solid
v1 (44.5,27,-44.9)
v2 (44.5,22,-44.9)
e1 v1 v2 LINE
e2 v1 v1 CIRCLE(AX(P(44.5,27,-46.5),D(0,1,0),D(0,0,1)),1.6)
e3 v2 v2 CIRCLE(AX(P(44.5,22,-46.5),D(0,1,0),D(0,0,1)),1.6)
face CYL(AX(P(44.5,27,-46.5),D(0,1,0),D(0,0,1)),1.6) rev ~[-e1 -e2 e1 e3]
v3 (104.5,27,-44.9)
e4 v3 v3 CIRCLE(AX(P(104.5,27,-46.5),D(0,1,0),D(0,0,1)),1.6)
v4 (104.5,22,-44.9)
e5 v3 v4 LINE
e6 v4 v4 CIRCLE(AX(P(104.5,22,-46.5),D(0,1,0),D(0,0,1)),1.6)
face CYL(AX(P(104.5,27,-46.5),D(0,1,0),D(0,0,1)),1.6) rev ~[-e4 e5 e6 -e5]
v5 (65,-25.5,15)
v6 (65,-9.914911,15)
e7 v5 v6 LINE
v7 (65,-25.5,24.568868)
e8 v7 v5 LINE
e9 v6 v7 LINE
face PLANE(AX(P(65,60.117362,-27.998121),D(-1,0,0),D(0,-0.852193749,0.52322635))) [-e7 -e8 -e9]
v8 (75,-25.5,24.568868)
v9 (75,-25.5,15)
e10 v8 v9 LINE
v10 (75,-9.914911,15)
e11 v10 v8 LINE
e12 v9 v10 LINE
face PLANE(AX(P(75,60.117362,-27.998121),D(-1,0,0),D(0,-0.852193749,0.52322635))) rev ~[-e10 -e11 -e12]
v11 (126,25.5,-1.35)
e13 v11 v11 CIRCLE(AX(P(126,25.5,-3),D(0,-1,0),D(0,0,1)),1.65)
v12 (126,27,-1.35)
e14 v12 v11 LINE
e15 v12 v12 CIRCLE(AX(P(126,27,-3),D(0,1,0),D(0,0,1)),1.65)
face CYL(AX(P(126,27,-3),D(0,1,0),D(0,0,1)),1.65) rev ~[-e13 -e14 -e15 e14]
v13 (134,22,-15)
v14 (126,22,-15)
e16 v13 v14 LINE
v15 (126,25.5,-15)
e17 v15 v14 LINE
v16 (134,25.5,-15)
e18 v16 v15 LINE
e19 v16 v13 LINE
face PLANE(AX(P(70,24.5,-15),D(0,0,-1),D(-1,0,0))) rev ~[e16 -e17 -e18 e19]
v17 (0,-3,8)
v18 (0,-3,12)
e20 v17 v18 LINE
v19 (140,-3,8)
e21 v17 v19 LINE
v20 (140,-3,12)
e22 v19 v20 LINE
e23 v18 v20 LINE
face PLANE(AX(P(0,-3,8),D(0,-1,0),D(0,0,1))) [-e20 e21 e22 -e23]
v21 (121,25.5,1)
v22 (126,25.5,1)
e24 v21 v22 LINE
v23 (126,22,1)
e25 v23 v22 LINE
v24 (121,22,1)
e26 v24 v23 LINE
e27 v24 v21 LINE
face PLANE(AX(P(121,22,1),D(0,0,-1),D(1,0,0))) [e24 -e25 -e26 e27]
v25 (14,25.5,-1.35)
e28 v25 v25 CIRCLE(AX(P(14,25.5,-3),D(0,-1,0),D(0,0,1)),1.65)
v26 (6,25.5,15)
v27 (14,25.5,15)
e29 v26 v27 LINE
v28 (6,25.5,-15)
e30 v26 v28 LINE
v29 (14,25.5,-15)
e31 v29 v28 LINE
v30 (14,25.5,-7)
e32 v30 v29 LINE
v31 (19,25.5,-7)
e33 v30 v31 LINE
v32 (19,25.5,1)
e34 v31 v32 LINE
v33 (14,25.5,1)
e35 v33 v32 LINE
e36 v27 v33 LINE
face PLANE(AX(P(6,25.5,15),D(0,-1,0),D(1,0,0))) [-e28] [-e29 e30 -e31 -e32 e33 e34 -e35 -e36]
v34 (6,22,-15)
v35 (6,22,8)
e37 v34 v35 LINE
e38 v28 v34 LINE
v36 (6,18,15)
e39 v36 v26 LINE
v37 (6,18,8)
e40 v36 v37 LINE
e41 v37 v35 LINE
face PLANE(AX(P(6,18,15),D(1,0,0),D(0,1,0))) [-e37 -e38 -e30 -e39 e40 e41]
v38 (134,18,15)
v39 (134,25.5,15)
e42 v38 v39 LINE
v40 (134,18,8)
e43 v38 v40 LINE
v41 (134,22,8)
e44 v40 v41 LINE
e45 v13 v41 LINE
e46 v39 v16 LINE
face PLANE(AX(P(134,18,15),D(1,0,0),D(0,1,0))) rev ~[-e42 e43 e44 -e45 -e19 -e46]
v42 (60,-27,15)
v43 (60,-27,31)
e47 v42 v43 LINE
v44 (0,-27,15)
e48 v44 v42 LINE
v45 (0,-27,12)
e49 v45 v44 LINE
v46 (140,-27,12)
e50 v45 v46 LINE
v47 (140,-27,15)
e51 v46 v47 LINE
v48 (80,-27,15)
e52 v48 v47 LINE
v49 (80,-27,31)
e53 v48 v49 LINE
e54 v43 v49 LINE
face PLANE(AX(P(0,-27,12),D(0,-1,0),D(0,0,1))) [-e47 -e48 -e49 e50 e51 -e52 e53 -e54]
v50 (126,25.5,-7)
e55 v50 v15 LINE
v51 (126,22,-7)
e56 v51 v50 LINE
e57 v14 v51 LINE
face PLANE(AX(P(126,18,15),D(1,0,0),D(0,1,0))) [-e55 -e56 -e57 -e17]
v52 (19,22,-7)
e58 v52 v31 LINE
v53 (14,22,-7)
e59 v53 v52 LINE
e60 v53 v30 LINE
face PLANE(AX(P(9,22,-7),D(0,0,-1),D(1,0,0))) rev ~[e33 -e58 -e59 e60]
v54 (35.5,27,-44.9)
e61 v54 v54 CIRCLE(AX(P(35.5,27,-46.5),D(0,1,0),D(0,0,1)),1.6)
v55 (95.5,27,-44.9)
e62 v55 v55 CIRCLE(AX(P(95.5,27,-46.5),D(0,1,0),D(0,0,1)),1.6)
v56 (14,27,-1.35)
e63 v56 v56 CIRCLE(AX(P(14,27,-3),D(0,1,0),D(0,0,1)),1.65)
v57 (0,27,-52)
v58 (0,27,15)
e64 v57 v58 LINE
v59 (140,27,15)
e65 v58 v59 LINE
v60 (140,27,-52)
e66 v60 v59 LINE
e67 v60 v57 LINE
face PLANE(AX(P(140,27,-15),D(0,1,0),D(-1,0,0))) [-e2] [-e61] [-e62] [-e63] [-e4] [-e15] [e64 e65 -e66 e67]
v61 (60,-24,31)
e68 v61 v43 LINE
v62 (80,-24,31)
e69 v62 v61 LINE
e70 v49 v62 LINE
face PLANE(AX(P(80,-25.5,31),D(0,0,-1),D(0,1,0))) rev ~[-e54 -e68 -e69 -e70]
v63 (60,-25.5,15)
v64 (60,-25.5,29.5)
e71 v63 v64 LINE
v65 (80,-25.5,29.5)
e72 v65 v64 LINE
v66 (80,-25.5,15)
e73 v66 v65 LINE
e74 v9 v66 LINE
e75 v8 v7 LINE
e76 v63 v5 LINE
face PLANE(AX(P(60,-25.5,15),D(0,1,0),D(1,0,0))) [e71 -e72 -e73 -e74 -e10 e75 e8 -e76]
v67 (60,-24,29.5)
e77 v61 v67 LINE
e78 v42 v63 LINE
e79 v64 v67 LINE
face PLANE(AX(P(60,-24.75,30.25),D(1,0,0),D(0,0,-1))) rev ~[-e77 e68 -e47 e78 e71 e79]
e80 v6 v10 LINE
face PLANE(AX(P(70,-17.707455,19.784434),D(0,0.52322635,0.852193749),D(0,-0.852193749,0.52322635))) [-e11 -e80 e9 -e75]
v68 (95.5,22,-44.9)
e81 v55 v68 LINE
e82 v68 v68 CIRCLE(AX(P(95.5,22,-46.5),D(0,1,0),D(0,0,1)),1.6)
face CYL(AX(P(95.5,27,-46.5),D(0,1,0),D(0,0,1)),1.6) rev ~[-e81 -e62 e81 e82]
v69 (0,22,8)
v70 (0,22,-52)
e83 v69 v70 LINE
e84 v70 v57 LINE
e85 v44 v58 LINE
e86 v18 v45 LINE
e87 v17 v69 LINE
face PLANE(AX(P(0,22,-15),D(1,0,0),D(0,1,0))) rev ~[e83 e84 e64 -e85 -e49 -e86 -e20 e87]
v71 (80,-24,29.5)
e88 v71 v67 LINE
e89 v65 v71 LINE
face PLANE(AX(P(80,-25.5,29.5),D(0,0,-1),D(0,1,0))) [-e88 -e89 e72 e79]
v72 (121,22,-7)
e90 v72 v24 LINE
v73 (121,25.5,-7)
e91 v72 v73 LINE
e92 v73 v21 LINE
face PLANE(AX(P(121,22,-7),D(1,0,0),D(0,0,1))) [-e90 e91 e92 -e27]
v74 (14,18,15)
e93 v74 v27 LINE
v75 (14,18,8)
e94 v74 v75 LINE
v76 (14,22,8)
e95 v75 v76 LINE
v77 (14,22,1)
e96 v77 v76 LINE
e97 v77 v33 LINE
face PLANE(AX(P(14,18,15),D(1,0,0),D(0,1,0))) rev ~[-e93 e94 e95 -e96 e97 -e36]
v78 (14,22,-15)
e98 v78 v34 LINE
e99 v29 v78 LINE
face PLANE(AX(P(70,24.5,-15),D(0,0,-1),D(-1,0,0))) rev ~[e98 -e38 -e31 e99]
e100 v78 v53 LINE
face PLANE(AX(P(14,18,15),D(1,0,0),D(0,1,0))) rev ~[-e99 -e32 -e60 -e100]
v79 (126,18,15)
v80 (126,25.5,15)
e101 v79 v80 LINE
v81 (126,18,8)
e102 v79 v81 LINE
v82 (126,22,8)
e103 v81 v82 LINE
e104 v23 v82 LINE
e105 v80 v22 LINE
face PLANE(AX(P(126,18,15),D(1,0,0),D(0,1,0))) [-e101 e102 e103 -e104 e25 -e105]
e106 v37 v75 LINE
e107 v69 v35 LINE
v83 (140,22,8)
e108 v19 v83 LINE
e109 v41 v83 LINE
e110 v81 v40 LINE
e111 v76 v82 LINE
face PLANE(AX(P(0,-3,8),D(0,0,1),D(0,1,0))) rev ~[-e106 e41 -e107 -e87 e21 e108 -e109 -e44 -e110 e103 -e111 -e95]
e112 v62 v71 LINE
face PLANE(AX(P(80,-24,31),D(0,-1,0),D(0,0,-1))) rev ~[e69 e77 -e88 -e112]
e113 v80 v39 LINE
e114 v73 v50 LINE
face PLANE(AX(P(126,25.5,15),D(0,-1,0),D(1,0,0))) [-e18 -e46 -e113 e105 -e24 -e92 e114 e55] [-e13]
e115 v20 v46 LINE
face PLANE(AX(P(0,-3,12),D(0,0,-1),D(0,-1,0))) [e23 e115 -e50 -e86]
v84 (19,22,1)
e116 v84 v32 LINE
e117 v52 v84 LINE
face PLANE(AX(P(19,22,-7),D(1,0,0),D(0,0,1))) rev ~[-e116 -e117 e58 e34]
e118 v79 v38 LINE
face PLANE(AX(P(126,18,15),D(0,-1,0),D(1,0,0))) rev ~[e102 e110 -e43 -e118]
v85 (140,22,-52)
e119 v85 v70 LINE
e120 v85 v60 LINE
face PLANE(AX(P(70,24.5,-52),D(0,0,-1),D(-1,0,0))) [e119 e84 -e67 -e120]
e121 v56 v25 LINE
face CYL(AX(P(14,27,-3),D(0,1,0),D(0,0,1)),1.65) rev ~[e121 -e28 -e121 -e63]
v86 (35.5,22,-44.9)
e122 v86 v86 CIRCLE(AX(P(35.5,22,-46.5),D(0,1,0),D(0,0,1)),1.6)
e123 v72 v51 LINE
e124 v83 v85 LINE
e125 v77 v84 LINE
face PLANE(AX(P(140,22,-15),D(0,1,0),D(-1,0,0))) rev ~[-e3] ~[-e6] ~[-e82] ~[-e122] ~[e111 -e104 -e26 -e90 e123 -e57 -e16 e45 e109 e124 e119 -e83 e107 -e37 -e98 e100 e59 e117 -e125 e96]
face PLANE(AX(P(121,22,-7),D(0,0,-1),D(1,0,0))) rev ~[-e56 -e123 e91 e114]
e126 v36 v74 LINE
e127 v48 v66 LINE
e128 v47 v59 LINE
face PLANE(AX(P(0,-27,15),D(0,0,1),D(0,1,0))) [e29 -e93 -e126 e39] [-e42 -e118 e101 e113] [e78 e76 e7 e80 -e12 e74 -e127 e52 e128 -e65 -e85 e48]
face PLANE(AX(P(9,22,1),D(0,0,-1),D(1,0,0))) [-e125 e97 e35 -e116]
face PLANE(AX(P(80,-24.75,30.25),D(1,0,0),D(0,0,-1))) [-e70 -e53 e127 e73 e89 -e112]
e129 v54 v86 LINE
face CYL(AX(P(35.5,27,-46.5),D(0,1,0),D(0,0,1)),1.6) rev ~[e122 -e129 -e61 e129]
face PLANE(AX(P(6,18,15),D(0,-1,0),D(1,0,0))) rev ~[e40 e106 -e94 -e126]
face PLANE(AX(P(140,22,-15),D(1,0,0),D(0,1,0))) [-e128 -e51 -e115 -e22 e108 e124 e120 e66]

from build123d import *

# Parameters (mm, degrees)
EXTRUDE_1_DEPTH     = 140
SKETCH_2_R          = 1.65
CUT_EXTRUDE_1_DEPTH = 5
SKETCH_3_W          = 8
SKETCH_3_H          = 7.5
CUT_EXTRUDE_2_DEPTH = 146.701750161
SKETCH_4_W          = 10
SKETCH_4_H          = 8
CUT_EXTRUDE_3_DEPTH = 3.5
SKETCH_5_W          = 20
SKETCH_5_H          = 1.5
EXTRUDE_2_DEPTH     = 16
SKETCH_6_W          = 1.5
SKETCH_6_H          = 1.5
EXTRUDE_3_DEPTH     = 20
RIB_1_REACH         = 83.179
SKETCH_8_WALL_W     = 182.645829166
SKETCH_8_WALL_H     = 10
SKETCH_9_W          = 140
SKETCH_9_H          = 5
EXTRUDE_4_DEPTH     = 37
SKETCH_10_R         = 1.6
CUT_EXTRUDE_4_DEPTH = 5


with BuildPart() as part:
    # 草图1 → 凸台-拉伸1 (new body)
    with BuildSketch(Plane(origin=(0, 0, 0), x_dir=(0, 0, -1), z_dir=(1, 0, 0))):
        Polygon((-15, 27), (15, 27), (15, 22), (-8, 22), (-8, 17), (-8, -3), (-12, -3), (-12, -27), (-15, -27), align=None)
    extrude(amount=EXTRUDE_1_DEPTH)

    # 草图2 → 切除-拉伸1 (cut)
    with BuildSketch(Plane(origin=(0, 27, 0), x_dir=(1, 0, 0), z_dir=(0, 1, 0))):
        with Locations(Location((14, 3, 0), (0, 0, 270))):
            Circle(SKETCH_2_R)
        with Locations(Location((126, 3, 0), (0, 0, 270))):
            Circle(SKETCH_2_R)
    extrude(amount=-CUT_EXTRUDE_1_DEPTH, mode=Mode.SUBTRACT)

    # 草图3 → 切除-拉伸2 (cut, through all)
    with BuildSketch(Plane.XY.offset(15)):
        with Locations((10, 21.75)):
            Rectangle(SKETCH_3_W, SKETCH_3_H)
        with Locations((130, 21.75)):
            Rectangle(SKETCH_3_W, SKETCH_3_H)
    extrude(amount=-CUT_EXTRUDE_2_DEPTH, mode=Mode.SUBTRACT)

    # 草图4 → 切除-拉伸3 (cut)
    with BuildSketch(Plane.XZ.offset(-22)):
        with Locations((14, -3)):
            Rectangle(SKETCH_4_W, SKETCH_4_H)
        with Locations((126, -3)):
            Rectangle(SKETCH_4_W, SKETCH_4_H)
    extrude(amount=-CUT_EXTRUDE_3_DEPTH, mode=Mode.SUBTRACT)

    # 草图5 → 凸台-拉伸2 (add)
    with BuildSketch(Plane.XY.offset(15)):
        with Locations((70, -26.25)):
            Rectangle(SKETCH_5_W, SKETCH_5_H)
    extrude(amount=EXTRUDE_2_DEPTH)

    # 草图6 → 凸台-拉伸3 (add)
    with BuildSketch(Plane(origin=(80, 0, 0), x_dir=(0, 0, -1), z_dir=(1, 0, 0))):
        with Locations((-30.25, -24.75)):
            Rectangle(SKETCH_6_W, SKETCH_6_H)
    extrude(amount=-EXTRUDE_3_DEPTH)

    # 草图8 wall → 筋1 (add, up to next)
    with BuildSketch(Plane(origin=(70, -17.707455467, 19.784433865), x_dir=(0, -0.852193749384, 0.523226350168), z_dir=(0, 0.523226350168, 0.852193749384)), mode=Mode.PRIVATE) as rib_1_sk1:
        Rectangle(SKETCH_8_WALL_W, SKETCH_8_WALL_H)
    rib_1_tool1 = extrude(rib_1_sk1.sketch, amount=-RIB_1_REACH, mode=Mode.PRIVATE) - part.part
    add(rib_1_tool1.solids().sort_by_distance((70, -17.707455467, 19.784433865))[0])

    # 草图9 → 凸台-拉伸4 (add)
    with BuildSketch(Plane(origin=(0, 0, -15), x_dir=(-1, 0, 0), z_dir=(0, 0, -1))):
        with Locations((-70, 24.5)):
            Rectangle(SKETCH_9_W, SKETCH_9_H)
    extrude(amount=EXTRUDE_4_DEPTH)

    # 草图10 → 切除-拉伸4 (cut)
    with BuildSketch(Plane(origin=(0, 27, 0), x_dir=(1, 0, 0), z_dir=(0, 1, 0))):
        with Locations(Location((35.5, 46.5, 0), (0, 0, 270))):
            Circle(SKETCH_10_R)
        with Locations(Location((44.5, 46.5, 0), (0, 0, 270))):
            Circle(SKETCH_10_R)
        with Locations(Location((95.5, 46.5, 0), (0, 0, 270))):
            Circle(SKETCH_10_R)
        with Locations(Location((104.5, 46.5, 0), (0, 0, 270))):
            Circle(SKETCH_10_R)
    extrude(amount=-CUT_EXTRUDE_4_DEPTH, mode=Mode.SUBTRACT)


solid = part.part
